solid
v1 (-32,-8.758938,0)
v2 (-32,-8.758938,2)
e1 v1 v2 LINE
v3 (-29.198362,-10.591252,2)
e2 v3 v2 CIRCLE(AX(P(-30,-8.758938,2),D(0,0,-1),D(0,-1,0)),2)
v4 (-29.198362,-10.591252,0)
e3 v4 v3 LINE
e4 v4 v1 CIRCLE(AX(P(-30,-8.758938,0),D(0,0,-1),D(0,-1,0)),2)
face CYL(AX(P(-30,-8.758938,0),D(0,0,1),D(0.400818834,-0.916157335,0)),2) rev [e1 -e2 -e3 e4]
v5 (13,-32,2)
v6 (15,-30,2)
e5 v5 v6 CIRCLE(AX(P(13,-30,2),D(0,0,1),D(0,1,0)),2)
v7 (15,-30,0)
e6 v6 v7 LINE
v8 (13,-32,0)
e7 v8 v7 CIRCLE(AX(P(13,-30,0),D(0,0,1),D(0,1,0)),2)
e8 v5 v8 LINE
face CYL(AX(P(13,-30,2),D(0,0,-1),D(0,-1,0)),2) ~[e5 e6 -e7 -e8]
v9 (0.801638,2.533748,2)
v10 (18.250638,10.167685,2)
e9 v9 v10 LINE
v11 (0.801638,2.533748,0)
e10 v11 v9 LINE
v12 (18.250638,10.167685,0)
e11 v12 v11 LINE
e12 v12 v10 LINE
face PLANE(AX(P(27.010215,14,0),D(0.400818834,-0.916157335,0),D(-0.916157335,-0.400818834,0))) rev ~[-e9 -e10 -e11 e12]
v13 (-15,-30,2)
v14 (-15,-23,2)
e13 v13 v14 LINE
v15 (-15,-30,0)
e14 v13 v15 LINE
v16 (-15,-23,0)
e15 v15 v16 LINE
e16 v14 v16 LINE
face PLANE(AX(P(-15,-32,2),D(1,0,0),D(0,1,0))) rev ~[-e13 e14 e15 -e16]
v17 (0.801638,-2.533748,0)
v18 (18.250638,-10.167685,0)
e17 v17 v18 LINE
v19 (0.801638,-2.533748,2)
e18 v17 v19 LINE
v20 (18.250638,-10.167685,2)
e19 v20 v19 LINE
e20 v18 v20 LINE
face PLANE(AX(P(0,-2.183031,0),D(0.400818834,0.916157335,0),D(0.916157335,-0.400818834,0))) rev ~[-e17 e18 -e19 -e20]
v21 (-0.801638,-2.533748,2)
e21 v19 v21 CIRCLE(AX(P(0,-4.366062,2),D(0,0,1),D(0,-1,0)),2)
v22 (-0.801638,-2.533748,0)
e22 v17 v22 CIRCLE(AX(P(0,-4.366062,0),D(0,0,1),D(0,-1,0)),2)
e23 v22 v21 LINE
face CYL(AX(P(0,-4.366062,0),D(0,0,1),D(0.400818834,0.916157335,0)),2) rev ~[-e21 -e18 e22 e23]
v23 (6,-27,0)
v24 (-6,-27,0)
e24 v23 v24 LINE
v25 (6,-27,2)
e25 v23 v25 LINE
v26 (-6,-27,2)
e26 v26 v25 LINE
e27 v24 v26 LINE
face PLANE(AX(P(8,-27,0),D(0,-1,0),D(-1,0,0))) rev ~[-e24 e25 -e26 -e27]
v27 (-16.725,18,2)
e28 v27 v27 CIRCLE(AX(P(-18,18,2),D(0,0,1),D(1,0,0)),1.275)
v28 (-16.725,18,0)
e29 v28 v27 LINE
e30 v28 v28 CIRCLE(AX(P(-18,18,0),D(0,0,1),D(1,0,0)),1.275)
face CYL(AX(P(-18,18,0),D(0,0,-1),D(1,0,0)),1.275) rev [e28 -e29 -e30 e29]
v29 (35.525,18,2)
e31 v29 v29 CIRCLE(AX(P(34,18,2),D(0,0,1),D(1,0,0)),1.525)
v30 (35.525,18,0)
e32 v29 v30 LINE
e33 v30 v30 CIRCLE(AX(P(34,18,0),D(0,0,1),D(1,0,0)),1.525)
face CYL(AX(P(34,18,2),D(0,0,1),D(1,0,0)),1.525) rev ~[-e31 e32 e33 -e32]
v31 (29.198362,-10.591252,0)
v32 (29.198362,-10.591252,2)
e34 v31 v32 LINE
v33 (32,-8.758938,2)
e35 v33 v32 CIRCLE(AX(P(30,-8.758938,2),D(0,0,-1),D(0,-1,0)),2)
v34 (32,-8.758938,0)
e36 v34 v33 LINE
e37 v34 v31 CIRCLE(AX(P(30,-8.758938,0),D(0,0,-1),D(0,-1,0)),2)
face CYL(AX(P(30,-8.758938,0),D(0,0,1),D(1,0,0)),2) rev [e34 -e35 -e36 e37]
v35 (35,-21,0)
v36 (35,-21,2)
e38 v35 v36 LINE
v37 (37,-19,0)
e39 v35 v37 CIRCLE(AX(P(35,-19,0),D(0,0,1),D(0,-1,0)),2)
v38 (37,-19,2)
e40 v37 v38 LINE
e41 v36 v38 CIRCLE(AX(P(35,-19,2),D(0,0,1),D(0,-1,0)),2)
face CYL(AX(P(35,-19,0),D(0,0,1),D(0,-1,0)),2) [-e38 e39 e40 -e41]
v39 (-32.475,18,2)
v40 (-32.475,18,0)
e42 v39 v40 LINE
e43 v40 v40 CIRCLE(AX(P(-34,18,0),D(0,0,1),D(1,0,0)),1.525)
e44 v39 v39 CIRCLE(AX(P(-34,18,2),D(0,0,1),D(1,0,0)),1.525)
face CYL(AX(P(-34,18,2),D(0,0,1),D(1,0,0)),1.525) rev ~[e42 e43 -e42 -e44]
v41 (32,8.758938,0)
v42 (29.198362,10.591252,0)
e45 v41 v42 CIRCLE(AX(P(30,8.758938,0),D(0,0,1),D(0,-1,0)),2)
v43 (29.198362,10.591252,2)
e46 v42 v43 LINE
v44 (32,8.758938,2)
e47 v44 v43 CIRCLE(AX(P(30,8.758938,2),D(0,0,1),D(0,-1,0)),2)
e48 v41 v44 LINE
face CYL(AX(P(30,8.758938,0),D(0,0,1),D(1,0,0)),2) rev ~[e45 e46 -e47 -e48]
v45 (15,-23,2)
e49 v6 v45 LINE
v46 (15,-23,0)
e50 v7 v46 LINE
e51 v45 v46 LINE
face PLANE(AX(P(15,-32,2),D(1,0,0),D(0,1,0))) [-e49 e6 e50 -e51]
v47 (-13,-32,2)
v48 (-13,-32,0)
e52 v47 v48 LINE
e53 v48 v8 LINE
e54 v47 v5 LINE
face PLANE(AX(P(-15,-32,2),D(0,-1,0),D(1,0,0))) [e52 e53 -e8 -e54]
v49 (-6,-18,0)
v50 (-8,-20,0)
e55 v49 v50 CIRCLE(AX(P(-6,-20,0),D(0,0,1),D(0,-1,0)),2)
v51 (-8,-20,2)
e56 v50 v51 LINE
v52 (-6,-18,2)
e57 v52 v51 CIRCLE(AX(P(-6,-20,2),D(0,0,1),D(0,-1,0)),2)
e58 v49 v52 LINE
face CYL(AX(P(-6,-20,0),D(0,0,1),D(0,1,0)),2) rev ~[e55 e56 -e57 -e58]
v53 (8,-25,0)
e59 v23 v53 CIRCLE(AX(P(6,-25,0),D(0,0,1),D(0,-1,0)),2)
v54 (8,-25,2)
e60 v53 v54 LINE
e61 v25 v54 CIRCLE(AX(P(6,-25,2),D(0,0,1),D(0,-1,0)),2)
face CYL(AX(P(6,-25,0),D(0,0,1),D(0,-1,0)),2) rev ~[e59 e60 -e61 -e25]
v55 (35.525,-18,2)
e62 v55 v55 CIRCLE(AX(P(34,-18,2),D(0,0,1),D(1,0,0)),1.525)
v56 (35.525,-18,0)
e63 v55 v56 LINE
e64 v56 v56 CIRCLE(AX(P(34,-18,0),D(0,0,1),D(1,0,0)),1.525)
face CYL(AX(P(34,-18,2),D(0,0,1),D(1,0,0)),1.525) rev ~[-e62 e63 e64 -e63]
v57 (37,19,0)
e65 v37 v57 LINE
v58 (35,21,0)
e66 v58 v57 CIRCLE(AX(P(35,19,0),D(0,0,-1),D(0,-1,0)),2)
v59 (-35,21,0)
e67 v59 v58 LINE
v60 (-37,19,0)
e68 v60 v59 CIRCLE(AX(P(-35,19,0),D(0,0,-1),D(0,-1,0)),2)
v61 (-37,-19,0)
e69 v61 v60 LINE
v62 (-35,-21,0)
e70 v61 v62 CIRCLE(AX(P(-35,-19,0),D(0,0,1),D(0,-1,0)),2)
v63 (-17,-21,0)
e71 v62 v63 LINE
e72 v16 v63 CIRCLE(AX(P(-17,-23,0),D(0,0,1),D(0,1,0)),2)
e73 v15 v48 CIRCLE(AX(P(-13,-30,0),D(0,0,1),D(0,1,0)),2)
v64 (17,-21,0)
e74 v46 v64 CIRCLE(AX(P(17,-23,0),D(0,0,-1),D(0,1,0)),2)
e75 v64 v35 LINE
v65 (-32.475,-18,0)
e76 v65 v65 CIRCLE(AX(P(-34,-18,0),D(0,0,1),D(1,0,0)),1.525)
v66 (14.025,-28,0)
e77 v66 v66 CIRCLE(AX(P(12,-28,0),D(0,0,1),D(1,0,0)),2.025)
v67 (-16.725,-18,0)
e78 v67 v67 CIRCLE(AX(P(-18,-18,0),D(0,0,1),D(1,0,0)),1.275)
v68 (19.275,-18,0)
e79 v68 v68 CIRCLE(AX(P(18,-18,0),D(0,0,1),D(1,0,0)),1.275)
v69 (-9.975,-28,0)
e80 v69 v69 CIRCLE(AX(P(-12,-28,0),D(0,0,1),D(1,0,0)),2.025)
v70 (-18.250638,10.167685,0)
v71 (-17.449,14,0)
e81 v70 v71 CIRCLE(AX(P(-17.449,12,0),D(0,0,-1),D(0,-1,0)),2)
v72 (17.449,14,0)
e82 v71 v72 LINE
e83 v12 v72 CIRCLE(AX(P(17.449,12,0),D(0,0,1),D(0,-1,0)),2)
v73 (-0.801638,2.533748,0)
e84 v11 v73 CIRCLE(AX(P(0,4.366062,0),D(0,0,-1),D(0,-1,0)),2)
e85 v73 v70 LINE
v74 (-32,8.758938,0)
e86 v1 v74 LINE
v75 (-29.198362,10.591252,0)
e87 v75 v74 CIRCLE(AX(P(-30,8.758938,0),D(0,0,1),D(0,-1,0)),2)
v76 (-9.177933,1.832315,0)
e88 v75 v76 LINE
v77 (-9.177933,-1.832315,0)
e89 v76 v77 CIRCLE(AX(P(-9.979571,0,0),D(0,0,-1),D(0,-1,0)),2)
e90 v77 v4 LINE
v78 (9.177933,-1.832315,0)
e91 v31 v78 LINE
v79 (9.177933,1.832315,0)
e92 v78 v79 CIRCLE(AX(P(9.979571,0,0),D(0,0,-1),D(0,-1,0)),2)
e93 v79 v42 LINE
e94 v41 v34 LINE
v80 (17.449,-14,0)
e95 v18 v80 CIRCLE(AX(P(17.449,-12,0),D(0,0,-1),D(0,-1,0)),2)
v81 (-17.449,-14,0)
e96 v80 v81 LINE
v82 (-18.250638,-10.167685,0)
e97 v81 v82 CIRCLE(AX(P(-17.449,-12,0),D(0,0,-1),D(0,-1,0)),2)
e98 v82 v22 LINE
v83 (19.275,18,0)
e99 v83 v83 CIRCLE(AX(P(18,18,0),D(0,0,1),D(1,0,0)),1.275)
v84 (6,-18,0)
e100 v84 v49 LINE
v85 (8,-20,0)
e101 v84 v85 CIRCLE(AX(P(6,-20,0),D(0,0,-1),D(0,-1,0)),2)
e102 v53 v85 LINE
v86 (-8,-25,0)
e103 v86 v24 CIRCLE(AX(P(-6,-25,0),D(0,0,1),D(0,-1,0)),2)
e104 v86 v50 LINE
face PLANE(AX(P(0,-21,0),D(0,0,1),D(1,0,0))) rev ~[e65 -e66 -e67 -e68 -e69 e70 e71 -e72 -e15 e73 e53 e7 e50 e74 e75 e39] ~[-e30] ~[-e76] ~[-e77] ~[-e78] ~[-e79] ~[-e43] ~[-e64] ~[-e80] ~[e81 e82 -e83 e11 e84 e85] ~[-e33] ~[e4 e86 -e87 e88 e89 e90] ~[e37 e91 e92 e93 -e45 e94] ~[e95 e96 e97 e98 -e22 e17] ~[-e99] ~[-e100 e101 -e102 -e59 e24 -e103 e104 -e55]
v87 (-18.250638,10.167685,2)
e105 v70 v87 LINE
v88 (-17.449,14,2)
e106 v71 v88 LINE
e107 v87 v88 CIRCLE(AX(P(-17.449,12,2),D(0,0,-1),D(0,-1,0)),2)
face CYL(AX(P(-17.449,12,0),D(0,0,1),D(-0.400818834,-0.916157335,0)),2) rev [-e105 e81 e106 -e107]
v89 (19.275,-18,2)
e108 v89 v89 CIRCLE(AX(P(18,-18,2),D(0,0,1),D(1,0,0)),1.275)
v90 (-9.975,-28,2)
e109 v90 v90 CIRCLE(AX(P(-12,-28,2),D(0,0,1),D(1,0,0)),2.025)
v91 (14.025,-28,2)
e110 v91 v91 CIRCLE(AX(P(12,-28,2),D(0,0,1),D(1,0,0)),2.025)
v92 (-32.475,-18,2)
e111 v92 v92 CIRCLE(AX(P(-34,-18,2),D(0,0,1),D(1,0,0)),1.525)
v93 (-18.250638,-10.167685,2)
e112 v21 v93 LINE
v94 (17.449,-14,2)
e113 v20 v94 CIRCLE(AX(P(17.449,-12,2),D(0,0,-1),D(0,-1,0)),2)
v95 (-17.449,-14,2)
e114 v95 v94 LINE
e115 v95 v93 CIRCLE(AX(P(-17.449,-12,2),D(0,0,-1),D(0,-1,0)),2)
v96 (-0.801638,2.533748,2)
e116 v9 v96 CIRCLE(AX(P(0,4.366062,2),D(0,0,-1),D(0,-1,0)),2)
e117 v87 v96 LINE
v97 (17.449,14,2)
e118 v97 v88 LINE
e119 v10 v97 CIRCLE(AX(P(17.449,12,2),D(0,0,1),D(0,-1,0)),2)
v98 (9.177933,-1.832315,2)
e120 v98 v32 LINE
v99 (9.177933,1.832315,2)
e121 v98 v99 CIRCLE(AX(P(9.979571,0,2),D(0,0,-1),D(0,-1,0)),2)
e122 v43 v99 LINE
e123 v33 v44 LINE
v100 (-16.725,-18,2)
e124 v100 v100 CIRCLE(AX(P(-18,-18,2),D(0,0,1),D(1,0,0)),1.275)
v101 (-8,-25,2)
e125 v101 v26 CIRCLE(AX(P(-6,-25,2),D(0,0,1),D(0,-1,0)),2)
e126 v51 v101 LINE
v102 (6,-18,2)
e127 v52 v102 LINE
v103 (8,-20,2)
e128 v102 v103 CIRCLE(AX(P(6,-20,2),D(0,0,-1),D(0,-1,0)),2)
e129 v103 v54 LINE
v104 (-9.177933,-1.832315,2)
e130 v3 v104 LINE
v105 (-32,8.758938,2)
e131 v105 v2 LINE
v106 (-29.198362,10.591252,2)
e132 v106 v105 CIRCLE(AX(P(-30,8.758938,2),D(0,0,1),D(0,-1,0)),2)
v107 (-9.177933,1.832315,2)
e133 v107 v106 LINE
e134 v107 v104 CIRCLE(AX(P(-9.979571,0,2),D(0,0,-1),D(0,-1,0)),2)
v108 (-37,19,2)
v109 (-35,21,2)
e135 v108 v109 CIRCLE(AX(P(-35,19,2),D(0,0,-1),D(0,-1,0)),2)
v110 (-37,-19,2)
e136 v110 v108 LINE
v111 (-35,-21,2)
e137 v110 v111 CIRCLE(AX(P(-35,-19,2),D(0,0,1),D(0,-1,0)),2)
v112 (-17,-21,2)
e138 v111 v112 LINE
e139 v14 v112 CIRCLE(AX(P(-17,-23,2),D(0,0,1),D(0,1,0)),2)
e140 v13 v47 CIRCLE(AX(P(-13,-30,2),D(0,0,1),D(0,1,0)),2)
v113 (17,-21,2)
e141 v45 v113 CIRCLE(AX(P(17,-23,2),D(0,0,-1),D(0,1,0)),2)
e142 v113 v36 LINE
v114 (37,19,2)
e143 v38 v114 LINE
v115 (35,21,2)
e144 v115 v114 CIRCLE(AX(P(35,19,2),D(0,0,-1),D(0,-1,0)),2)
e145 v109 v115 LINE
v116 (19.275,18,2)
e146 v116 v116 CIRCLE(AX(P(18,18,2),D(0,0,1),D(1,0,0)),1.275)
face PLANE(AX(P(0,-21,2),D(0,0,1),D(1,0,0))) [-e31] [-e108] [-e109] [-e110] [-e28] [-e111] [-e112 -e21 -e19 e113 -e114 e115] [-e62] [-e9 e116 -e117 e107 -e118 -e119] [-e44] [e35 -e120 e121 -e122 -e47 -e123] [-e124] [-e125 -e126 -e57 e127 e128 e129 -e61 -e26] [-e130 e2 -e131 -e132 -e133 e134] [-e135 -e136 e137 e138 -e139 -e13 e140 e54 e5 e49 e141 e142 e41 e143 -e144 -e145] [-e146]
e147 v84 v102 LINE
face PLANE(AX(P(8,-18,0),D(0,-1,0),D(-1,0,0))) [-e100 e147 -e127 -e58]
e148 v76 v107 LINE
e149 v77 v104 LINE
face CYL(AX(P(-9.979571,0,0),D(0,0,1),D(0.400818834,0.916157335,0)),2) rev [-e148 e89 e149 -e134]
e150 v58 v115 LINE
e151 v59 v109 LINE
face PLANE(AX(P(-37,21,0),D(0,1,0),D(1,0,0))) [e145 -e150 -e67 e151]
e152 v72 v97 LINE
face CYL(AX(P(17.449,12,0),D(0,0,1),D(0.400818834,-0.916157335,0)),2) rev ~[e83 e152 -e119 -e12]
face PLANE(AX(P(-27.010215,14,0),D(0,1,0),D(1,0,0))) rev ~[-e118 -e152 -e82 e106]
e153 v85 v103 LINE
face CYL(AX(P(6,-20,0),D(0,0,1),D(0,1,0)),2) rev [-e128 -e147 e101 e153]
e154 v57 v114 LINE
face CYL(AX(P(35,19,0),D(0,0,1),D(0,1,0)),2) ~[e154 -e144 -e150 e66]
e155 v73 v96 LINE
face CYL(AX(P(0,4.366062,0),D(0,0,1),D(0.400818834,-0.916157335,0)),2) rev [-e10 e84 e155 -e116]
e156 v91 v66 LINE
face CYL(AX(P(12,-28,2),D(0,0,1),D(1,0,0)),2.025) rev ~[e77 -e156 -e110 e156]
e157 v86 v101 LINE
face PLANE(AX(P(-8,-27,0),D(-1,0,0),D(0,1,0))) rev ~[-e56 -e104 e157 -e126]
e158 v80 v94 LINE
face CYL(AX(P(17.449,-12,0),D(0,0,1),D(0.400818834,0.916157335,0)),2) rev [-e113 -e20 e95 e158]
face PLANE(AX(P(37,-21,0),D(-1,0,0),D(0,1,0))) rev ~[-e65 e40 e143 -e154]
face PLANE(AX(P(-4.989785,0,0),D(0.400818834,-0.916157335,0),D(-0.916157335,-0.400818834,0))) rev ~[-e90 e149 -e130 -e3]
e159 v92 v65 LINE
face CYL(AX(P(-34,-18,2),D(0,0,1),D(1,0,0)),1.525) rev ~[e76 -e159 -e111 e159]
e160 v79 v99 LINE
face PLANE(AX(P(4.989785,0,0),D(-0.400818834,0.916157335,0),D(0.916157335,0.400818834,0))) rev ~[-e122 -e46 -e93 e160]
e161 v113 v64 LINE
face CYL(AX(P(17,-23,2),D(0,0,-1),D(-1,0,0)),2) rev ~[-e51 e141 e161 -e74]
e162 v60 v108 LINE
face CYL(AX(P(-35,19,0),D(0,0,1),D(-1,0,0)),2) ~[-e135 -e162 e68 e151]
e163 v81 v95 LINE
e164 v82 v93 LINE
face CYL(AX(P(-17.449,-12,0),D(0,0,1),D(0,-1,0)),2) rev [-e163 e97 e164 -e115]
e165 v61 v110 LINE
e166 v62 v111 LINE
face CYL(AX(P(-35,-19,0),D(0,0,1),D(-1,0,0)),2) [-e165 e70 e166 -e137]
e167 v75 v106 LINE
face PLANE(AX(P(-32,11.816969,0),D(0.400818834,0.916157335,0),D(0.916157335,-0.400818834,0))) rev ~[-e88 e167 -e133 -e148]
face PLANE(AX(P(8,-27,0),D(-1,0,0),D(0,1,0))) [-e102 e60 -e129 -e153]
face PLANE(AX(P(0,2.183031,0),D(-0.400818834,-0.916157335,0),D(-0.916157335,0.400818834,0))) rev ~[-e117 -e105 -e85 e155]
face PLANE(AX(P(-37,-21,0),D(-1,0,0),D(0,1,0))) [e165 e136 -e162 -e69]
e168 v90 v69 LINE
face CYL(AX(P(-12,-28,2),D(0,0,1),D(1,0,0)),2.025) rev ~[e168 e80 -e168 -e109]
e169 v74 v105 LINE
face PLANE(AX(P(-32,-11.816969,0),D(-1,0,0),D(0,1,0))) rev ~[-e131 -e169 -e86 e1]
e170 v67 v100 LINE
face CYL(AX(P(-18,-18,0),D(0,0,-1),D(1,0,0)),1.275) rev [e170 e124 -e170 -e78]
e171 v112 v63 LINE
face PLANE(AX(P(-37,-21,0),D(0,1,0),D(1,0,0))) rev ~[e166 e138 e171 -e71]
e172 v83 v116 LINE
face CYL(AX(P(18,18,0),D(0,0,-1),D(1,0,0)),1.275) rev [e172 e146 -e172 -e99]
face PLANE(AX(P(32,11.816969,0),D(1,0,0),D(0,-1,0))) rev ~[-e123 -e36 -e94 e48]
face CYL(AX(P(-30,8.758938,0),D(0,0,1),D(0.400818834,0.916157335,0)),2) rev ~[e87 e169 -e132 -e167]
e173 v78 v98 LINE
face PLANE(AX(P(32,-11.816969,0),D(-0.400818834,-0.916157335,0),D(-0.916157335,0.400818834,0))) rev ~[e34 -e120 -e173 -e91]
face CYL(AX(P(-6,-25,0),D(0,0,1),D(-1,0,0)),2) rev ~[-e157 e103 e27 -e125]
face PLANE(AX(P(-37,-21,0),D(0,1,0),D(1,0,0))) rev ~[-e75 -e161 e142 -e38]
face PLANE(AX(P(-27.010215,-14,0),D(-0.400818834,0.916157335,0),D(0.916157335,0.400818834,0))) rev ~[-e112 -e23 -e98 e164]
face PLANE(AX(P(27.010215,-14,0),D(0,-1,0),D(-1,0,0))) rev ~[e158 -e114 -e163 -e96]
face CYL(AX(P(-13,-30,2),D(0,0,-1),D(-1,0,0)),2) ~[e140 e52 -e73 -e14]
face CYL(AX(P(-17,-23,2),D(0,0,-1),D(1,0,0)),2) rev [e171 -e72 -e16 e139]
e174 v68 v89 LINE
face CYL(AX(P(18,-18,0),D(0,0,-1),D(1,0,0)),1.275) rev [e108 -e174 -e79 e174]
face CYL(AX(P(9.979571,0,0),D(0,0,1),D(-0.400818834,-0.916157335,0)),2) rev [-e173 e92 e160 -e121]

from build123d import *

# Parameters (mm, degrees)
SKETCH_1_W          = 74
SKETCH_1_H          = 42
SKETCH_1_R          = 1.275
EXTRUDE_1_DEPTH     = 2
SKETCH_2_R          = 1.525
CUT_EXTRUDE_1_DEPTH = 2
FILLET_1_R          = 2
SKETCH_3_W          = 30
SKETCH_3_H          = 22
EXTRUDE_2_DEPTH     = 2
SKETCH_4_R          = 2.025
CUT_EXTRUDE_2_DEPTH = 10
FILLET_2_R          = 2
CUT_EXTRUDE_3_DEPTH = 10
SKETCH_6_W          = 16
SKETCH_6_H          = 9
CUT_EXTRUDE_4_DEPTH = 10
FILLET_3_R          = 2


with BuildPart() as part:
    # 草图1 → 凸台-拉伸1 (new body)
    with BuildSketch(Plane.XY):
        Rectangle(SKETCH_1_W, SKETCH_1_H)
        with Locations((18, 18)):
            Circle(SKETCH_1_R, mode=Mode.SUBTRACT)
        with Locations((-18, 18)):
            Circle(SKETCH_1_R, mode=Mode.SUBTRACT)
        with Locations((-18, -18)):
            Circle(SKETCH_1_R, mode=Mode.SUBTRACT)
        with Locations((18, -18)):
            Circle(SKETCH_1_R, mode=Mode.SUBTRACT)
    extrude(amount=EXTRUDE_1_DEPTH)

    # 草图2 → 切除-拉伸1 (cut)
    with BuildSketch(Plane.XY.offset(2)):
        with Locations((34, 18)):
            Circle(SKETCH_2_R)
        with Locations((-34, 18)):
            Circle(SKETCH_2_R)
        with Locations((-34, -18)):
            Circle(SKETCH_2_R)
        with Locations((34, -18)):
            Circle(SKETCH_2_R)
    extrude(amount=-CUT_EXTRUDE_1_DEPTH, mode=Mode.SUBTRACT)

    # 圆角1
    fillet_1_edges = [part.edges().sort_by_distance(p)[0] for p in [
        (37, -21, 1),
        (-37, -21, 1),
        (-37, 21, 1),
        (37, 21, 1),
    ]]
    fillet(fillet_1_edges, radius=FILLET_1_R)

    # 草图3 → 凸台-拉伸2 (add)
    with BuildSketch(Plane.XY.offset(2)):
        with Locations((0, -21)):
            Rectangle(SKETCH_3_W, SKETCH_3_H)
    extrude(amount=-EXTRUDE_2_DEPTH)

    # 草图4 → 切除-拉伸2 (cut)
    with BuildSketch(Plane.XY.offset(2)):
        with Locations((12, -28)):
            Circle(SKETCH_4_R)
        with Locations((-12, -28)):
            Circle(SKETCH_4_R)
    extrude(amount=-CUT_EXTRUDE_2_DEPTH, mode=Mode.SUBTRACT)

    # 圆角2
    fillet_2_edges = [part.edges().sort_by_distance(p)[0] for p in [
        (15, -21, 1),
        (-15, -21, 1),
        (-15, -32, 1),
        (15, -32, 1),
    ]]
    fillet(fillet_2_edges, radius=FILLET_2_R)

    # 草图5 → 切除-拉伸3 (cut)
    with BuildSketch(Plane(origin=(0, 0, 0), x_dir=(-1, 0, 0), z_dir=(0, 0, -1))):
        Polygon((0, -2.18303115), (-27.010214515, -14), (27.010214515, -14), align=None)
        Polygon((-32, 11.81696885), (-32, -11.81696885), (-4.989785485, 0), align=None)
        Polygon((-27.010214515, 14), (0, 2.18303115), (27.010214515, 14), align=None)
        Polygon((32, 11.81696885), (4.989785485, 0), (32, -11.81696885), align=None)
    extrude(amount=-CUT_EXTRUDE_3_DEPTH, mode=Mode.SUBTRACT)

    # 草图6 → 切除-拉伸4 (cut)
    with BuildSketch(Plane(origin=(0, 0, 0), x_dir=(-1, 0, 0), z_dir=(0, 0, -1))):
        with Locations((0, -22.5)):
            Rectangle(SKETCH_6_W, SKETCH_6_H)
    extrude(amount=-CUT_EXTRUDE_4_DEPTH, mode=Mode.SUBTRACT)

    # 圆角3
    fillet_3_edges = [part.edges().sort_by_distance(p)[0] for p in [
        (0, 2.18303115, 1),
        (27.010214515, 14, 1),
        (-27.010214515, 14, 1),
        (32, -11.81696885, 1),
        (32, 11.81696885, 1),
        (4.989785485, 0, 1),
        (-4.989785485, 0, 1),
        (-32, 11.81696885, 1),
        (-32, -11.81696885, 1),
        (27.010214515, -14, 1),
        (0, -2.18303115, 1),
        (-27.010214515, -14, 1),
        (-8, -18, 1),
        (-8, -27, 1),
        (8, -27, 1),
        (8, -18, 1),
    ]]
    fillet(fillet_3_edges, radius=FILLET_3_R)


solid = part.part
